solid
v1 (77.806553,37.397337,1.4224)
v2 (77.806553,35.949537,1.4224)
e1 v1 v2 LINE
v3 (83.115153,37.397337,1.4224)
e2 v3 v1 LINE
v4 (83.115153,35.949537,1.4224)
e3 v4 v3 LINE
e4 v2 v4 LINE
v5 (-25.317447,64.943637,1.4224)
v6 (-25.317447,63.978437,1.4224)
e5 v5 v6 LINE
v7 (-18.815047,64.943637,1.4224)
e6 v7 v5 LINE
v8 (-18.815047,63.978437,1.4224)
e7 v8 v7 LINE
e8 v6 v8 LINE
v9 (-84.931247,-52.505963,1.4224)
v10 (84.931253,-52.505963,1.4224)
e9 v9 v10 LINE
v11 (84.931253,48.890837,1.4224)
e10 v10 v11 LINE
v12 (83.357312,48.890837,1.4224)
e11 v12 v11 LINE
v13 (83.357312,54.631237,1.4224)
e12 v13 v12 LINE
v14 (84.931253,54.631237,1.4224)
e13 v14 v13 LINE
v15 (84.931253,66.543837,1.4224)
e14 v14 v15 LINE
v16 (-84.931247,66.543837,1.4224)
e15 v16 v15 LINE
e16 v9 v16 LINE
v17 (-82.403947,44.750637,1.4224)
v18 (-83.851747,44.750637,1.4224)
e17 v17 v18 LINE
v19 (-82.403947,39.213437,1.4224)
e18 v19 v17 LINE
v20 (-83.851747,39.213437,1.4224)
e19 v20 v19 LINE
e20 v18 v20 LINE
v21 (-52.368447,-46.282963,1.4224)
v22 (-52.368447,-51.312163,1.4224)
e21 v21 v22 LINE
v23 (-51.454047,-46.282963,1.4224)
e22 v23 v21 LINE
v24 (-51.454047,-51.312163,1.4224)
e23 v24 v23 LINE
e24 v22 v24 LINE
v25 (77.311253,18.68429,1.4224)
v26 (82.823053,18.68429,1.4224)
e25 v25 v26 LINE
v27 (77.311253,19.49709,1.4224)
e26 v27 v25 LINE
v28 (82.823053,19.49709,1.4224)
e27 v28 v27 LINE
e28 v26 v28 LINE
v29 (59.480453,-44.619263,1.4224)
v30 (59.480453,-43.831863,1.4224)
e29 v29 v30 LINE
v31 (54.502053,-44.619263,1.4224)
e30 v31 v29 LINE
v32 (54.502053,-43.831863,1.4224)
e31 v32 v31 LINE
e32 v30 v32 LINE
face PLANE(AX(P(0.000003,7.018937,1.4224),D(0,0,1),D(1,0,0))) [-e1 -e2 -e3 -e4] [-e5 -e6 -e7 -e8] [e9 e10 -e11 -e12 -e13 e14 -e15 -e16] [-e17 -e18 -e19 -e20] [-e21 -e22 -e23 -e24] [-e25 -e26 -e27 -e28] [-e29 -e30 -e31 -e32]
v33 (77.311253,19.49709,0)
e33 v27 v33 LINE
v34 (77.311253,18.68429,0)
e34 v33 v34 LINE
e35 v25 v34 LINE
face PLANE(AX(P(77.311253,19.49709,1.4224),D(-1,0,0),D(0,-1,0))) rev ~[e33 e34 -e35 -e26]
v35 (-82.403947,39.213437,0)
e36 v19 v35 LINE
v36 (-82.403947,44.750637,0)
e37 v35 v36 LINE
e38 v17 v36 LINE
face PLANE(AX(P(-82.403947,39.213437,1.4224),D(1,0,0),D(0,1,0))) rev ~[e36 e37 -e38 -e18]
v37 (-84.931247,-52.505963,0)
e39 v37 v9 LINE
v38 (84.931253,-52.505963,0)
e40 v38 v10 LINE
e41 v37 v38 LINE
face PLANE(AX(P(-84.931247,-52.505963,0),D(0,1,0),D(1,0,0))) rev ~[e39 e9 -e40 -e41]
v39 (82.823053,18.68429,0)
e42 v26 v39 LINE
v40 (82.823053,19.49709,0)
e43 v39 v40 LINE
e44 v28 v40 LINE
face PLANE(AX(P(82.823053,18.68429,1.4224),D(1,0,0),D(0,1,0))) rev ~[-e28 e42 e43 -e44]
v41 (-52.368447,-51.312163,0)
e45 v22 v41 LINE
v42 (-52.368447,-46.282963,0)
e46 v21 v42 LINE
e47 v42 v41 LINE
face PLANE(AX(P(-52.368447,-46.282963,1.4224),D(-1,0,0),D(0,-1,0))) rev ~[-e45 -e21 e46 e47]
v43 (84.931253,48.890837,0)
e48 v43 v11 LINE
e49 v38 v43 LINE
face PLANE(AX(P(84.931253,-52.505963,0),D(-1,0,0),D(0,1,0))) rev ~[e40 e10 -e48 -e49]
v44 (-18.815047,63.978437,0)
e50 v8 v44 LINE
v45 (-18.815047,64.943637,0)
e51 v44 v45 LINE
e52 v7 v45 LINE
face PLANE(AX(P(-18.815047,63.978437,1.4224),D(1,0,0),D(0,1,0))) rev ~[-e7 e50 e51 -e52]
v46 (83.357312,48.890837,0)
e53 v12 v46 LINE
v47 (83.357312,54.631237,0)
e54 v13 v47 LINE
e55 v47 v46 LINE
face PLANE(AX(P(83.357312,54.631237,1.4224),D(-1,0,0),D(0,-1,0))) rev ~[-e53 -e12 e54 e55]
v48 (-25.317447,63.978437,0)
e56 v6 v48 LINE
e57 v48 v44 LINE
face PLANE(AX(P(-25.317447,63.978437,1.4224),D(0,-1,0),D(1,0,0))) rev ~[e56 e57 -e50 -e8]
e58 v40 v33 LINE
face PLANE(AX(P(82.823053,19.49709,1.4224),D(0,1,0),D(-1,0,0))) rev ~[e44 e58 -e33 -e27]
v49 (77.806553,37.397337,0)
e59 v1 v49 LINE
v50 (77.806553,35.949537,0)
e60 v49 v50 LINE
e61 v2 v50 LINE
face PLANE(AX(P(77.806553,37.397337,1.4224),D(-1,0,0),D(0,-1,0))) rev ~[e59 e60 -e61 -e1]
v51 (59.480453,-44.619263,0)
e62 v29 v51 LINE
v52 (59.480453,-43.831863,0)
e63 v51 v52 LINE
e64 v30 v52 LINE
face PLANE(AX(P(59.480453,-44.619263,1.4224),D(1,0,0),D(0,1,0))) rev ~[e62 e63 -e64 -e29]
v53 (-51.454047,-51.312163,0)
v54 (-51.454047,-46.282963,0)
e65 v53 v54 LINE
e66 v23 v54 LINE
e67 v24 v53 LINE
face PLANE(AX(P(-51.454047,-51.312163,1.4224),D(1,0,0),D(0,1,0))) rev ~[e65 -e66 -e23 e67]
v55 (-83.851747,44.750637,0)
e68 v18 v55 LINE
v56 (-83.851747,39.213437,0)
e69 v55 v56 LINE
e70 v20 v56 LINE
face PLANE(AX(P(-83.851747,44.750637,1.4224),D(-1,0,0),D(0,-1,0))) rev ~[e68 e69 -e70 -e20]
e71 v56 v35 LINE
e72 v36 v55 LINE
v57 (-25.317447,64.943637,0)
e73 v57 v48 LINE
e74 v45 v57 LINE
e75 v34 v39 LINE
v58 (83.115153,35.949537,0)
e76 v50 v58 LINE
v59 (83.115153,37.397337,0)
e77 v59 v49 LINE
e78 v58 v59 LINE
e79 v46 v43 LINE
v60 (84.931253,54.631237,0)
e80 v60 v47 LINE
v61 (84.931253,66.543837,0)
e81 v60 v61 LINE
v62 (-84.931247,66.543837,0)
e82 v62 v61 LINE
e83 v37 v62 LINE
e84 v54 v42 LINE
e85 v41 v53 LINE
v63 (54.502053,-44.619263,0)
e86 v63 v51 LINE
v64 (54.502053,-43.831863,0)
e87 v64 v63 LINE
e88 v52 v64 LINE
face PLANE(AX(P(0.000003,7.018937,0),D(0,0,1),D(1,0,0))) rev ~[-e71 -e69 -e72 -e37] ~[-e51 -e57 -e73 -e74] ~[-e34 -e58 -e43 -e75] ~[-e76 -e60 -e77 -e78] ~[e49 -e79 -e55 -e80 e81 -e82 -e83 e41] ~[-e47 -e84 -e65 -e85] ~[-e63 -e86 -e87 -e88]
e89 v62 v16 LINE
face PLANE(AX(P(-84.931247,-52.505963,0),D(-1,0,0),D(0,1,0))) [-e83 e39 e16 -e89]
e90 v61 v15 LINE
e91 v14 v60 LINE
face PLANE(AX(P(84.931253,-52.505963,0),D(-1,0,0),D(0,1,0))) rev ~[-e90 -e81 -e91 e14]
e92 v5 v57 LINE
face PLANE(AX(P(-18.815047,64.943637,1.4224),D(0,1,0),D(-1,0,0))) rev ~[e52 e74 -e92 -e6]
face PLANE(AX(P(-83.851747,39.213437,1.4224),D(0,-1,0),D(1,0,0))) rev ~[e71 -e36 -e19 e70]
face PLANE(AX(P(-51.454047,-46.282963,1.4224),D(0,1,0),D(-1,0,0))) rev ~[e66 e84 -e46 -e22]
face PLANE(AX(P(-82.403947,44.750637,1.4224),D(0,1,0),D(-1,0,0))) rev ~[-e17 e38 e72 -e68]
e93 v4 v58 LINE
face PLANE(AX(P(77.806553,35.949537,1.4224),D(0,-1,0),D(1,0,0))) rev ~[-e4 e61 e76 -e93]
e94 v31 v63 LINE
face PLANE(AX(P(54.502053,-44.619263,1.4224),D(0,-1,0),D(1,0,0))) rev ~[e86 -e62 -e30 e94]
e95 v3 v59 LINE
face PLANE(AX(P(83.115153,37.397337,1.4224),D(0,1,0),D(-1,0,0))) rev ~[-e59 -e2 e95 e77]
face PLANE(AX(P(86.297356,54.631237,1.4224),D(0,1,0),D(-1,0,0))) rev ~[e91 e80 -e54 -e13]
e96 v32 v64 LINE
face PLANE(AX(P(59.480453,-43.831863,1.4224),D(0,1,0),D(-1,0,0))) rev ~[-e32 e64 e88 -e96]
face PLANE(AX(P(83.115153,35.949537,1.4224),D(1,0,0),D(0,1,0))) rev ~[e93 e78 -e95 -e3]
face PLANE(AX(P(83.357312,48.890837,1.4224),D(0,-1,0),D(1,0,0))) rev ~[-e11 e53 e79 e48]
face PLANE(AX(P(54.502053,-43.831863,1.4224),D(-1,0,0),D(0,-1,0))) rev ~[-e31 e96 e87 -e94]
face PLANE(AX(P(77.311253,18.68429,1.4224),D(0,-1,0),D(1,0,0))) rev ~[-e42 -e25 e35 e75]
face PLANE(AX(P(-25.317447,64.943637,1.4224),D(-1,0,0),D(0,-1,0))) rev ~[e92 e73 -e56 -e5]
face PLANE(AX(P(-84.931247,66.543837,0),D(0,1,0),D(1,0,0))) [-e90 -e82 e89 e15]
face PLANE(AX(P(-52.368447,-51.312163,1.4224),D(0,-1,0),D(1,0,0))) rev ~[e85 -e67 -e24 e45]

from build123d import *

# Parameters (mm, degrees)
F0_W     = 169.8625
F0_H     = 119.0498
F1_DEPTH = 1.4224
F2_W     = 2.4892
F2_H     = 0.3937
F2_W_2   = 0.4572
F2_H_2   = 2.5146
F2_W_3   = 0.7239
F2_H_3   = 2.7686
F2_W_4   = 3.2512
F2_H_4   = 0.4826
F2_W_5   = 2.3622
F2_H_5   = 0.7239
F2_W_6   = 0.2921
F3_DEPTH = 25.4


with BuildPart() as f1:
    # F0 (on Top) → F1 (new body)
    with BuildSketch(Plane.XY):
        with Locations((3e-06, 7.018937)):
            Rectangle(F0_W, F0_H)
    extrude(amount=F1_DEPTH)

    # F2 (on face) → F3 (cut)
    with BuildSketch(Plane.XY.offset(1.4224)):
        with Locations((58.235853, -44.422413)):
            Rectangle(F2_W, F2_H)
        Polygon((56.991253, -44.225563), (59.480453, -44.225563), (59.480453, -43.831863), (54.502053, -43.831863), (54.502053, -44.619263), (56.991253, -44.619263), align=None)
        Polygon((-52.368447, -46.282963), (-52.368447, -48.797563), (-51.911247, -48.797563), (-51.911247, -51.312163), (-51.454047, -51.312163), (-51.454047, -46.282963), align=None)
        with Locations((-52.139847, -50.054863)):
            Rectangle(F2_W_2, F2_H_2)
        Polygon((-82.403947, 44.750637), (-83.127847, 44.750637), (-83.127847, 41.982037), (-83.851747, 41.982037), (-83.851747, 39.213437), (-82.403947, 39.213437), align=None)
        with Locations((-83.489797, 43.366337)):
            Rectangle(F2_W_3, F2_H_3)
        with Locations((-23.691847, 64.702337)):
            Rectangle(F2_W_4, F2_H_4)
        Polygon((-22.066247, 64.461037), (-25.317447, 64.461037), (-25.317447, 63.978437), (-18.815047, 63.978437), (-18.815047, 64.943637), (-22.066247, 64.943637), align=None)
        Polygon((83.357312, 48.890837), (86.297356, 48.890837), (86.297356, 54.631237), (84.827334, 54.631237), (83.357312, 54.631237), align=None)
        with Locations((81.641953, 37.035387)):
            Rectangle(F2_W_5, F2_H_5)
        Polygon((82.823053, 19.172837), (82.823053, 19.49709), (77.311253, 19.49709), (77.311253, 18.68429), (82.823053, 18.68429), align=None)
        Polygon((80.460853, 36.673437), (80.460853, 37.397337), (77.806553, 37.397337), (77.806553, 35.949537), (82.823053, 35.949537), (82.823053, 36.673437), align=None)
        with Locations((82.969103, 37.035387)):
            Rectangle(F2_W_6, F2_H_5)
        with Locations((82.969103, 36.311487)):
            Rectangle(F2_W_6, F2_H_5)
    extrude(amount=-F3_DEPTH, mode=Mode.SUBTRACT)


solid = f1.part
